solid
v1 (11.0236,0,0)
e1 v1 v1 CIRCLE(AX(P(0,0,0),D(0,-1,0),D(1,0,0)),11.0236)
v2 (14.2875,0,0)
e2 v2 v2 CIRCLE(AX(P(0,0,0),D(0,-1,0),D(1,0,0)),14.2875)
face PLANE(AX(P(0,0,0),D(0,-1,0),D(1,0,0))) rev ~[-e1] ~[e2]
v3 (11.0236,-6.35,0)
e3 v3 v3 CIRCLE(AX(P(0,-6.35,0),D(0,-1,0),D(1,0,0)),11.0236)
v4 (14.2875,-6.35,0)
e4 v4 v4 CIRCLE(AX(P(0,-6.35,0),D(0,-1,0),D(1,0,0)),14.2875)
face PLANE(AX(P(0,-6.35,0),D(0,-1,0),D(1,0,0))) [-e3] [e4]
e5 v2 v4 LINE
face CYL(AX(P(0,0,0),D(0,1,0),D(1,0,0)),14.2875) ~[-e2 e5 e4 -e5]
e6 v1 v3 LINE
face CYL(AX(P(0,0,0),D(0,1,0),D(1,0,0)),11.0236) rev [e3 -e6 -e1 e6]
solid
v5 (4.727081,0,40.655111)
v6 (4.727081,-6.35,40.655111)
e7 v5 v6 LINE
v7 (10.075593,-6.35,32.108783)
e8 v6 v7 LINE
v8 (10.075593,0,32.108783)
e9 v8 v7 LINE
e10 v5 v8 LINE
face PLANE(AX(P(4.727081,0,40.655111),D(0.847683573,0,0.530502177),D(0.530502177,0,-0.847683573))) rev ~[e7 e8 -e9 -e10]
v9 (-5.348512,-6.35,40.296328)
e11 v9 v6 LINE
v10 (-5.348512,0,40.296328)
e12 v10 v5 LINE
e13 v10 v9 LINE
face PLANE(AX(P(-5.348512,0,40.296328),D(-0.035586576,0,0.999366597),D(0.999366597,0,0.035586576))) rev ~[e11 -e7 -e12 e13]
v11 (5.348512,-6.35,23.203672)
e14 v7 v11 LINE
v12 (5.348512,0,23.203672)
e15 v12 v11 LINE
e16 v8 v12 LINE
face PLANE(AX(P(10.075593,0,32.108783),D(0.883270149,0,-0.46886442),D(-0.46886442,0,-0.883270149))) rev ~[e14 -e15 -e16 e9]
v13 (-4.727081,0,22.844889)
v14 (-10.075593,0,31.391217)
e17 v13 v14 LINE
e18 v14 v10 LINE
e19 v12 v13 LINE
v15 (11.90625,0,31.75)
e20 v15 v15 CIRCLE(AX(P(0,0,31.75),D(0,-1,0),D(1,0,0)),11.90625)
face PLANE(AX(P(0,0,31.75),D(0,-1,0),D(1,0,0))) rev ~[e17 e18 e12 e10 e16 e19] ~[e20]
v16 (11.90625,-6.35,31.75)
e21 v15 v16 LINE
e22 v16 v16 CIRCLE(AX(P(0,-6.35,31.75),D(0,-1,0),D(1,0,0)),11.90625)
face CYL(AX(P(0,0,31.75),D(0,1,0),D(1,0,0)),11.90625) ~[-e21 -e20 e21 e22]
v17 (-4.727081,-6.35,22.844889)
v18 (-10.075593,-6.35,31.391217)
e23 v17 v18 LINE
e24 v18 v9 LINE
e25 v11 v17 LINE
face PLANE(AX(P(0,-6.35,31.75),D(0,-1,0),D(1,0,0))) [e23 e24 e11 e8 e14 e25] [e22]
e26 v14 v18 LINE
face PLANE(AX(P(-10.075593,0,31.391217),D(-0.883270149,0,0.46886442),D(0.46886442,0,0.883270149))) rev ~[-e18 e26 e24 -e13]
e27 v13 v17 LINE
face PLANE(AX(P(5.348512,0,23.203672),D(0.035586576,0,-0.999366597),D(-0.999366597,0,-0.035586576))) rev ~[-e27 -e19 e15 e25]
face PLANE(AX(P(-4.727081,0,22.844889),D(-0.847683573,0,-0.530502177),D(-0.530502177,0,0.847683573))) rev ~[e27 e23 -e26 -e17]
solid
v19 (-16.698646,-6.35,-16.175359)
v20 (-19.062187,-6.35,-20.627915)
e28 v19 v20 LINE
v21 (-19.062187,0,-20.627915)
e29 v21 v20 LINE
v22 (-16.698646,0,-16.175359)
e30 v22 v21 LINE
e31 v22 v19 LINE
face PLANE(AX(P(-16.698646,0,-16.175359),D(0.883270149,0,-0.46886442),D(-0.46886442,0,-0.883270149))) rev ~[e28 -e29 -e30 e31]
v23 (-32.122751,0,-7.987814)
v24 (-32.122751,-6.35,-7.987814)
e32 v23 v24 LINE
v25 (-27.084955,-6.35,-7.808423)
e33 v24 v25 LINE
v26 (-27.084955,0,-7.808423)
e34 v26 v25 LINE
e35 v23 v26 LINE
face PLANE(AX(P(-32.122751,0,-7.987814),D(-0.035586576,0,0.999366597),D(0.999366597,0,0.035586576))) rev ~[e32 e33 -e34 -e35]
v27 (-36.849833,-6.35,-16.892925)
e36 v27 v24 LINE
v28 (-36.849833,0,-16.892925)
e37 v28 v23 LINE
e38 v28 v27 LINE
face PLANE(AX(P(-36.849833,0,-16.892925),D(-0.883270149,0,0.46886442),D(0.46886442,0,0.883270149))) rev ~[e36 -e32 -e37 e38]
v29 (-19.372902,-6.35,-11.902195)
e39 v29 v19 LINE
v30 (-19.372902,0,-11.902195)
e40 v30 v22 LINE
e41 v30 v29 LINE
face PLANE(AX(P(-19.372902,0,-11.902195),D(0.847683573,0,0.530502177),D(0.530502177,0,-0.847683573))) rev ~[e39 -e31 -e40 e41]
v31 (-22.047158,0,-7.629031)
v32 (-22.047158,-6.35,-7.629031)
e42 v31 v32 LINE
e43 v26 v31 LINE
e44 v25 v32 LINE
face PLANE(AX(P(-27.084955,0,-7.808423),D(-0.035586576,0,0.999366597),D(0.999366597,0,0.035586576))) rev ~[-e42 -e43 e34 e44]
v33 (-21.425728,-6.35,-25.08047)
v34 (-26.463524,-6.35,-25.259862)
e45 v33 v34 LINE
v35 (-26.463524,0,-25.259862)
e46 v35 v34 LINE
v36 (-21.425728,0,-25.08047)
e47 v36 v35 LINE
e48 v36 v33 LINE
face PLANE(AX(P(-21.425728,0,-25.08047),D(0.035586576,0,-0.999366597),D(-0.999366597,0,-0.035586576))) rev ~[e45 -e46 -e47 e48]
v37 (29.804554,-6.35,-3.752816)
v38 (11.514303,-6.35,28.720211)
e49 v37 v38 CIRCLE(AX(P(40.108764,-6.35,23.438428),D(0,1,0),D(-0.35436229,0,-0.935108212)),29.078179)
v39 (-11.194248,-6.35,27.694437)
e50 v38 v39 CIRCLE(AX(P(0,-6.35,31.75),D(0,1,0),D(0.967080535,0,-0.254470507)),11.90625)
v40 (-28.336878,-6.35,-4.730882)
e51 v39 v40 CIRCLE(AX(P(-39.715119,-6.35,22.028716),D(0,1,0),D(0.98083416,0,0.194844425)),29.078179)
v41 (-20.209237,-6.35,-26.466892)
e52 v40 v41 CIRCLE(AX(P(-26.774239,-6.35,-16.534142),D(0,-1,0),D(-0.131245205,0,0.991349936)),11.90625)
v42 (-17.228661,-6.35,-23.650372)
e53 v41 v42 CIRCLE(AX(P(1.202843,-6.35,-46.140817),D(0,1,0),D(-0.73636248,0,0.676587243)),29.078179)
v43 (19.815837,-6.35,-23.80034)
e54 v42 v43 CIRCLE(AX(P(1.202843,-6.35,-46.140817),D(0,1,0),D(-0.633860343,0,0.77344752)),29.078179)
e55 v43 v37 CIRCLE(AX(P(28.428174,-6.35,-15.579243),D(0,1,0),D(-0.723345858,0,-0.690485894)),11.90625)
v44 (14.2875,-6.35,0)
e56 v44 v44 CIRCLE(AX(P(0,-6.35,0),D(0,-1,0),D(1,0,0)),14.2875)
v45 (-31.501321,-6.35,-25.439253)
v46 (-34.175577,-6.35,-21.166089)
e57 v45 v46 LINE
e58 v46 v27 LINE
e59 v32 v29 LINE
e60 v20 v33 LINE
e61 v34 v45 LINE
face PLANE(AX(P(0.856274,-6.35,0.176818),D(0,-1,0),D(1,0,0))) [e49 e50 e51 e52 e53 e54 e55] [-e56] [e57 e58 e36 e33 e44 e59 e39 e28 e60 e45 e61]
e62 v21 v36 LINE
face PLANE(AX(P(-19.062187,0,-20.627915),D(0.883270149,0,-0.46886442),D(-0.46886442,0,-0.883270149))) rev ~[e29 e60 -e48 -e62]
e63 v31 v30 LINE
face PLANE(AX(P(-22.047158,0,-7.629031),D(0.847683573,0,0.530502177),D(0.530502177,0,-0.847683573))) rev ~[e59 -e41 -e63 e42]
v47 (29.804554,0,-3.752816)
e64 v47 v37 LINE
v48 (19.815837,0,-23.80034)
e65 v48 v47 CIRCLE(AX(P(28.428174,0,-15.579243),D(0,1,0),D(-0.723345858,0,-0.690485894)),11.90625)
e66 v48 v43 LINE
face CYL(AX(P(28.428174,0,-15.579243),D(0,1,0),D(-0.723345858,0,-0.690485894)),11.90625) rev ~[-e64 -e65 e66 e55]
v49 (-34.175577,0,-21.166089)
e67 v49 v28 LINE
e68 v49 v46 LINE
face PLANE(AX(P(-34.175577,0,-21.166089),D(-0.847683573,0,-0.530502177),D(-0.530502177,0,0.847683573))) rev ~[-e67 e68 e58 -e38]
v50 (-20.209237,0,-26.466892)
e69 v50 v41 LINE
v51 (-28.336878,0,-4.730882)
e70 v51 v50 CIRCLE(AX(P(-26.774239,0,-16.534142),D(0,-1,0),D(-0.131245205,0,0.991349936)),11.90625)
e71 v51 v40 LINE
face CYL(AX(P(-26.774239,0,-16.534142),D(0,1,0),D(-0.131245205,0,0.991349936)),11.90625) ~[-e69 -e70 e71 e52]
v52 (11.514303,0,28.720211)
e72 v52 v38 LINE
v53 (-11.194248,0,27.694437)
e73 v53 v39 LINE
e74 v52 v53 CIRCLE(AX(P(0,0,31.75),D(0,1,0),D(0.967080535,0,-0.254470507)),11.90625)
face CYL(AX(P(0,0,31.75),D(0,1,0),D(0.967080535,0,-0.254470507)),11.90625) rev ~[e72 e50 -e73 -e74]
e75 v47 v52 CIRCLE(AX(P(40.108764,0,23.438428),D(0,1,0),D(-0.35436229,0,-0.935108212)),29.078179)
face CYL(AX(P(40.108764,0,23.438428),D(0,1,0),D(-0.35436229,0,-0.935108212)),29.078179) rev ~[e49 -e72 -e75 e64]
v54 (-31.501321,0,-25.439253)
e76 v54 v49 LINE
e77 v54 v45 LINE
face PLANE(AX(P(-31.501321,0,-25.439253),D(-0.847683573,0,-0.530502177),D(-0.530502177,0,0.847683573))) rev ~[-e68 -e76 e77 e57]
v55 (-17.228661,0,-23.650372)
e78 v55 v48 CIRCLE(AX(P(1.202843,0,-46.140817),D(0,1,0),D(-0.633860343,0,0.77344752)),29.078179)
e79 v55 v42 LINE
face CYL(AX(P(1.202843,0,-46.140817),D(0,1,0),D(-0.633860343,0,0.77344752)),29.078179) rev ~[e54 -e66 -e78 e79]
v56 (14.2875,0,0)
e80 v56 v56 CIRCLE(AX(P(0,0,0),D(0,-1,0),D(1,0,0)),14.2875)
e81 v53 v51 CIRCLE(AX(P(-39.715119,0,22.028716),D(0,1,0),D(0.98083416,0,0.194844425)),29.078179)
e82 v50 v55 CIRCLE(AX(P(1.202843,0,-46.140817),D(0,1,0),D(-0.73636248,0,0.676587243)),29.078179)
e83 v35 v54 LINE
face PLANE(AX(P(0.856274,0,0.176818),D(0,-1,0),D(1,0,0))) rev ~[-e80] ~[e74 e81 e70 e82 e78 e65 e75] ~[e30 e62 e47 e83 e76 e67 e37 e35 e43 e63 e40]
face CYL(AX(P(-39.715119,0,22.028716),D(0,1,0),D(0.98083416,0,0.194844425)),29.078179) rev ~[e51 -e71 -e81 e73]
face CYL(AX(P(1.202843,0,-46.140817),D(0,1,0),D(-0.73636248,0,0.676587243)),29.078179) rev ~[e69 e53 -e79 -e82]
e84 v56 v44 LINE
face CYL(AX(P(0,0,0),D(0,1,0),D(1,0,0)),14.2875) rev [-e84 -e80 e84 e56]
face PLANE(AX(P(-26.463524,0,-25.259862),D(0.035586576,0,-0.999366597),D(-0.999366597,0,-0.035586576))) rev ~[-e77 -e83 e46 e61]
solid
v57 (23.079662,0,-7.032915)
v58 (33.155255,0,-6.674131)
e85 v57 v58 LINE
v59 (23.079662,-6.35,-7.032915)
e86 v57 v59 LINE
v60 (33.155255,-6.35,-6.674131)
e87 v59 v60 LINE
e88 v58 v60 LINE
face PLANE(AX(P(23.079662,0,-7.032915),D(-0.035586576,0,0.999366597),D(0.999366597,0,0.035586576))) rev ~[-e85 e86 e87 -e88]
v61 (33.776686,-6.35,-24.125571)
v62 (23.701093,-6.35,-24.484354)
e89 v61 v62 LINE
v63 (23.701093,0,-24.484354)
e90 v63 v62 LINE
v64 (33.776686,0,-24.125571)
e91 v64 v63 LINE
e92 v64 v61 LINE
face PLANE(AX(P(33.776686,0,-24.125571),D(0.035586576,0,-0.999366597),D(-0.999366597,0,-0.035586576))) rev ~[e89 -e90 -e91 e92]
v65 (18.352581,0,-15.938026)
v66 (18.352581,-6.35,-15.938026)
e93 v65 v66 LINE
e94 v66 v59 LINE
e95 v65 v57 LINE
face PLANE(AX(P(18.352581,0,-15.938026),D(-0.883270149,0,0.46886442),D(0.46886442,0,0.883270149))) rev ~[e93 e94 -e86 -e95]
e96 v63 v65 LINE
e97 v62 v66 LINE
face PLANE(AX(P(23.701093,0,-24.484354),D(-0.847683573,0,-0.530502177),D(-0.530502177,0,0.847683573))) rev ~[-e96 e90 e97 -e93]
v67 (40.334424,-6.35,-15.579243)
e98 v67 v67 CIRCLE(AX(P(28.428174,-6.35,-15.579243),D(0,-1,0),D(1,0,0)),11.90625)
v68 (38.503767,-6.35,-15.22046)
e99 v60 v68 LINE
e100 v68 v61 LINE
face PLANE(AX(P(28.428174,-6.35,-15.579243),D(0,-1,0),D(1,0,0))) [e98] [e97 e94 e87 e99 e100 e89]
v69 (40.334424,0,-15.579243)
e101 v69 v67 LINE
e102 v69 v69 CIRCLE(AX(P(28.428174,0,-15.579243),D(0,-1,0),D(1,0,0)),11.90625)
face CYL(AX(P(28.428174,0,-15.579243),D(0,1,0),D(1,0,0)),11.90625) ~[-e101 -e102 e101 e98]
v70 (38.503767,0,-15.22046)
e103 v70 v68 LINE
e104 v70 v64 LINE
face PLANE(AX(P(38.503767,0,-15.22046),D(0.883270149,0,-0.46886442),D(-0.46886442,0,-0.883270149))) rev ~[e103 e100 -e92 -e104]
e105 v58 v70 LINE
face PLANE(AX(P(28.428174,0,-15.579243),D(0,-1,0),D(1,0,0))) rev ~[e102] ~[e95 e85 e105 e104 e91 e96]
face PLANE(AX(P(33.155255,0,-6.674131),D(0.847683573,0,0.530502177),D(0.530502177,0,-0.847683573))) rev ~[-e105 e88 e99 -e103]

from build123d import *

# Parameters (mm, degrees)
F1_R     = 14.2875
F2_DEPTH = 6.35
F0_R     = 14.2875
F0_R_2   = 11.0236
F0_R_3   = 11.90625


with BuildPart() as f2:
    # F1 (on Front) → F2 (new body)
    with BuildSketch(Plane.XZ):
        with BuildLine():
            ThreePointArc((-28.3368777048, -4.7308819237), (-18.9271499683, -7.579703249), (-14.8679894846, -16.5341421028))
            ThreePointArc((-14.8679894846, -16.5341421028), (-15.4735574781, -20.2829252722), (-17.2286614427, -23.6503720675))
            ThreePointArc((-17.2286614427, -23.6503720675), (1.3205598207, -17.0628768568), (19.8158373016, -23.8003402916))
            ThreePointArc((19.8158373016, -23.8003402916), (17.7714590027, -10.2695141575), (29.8045543603, -3.7528160198))
            ThreePointArc((29.8045543603, -3.7528160198), (14.7729985458, 9.1681983), (11.5143026194, 28.7202105268))
            ThreePointArc((11.5143026194, 28.7202105268), (0.537272208, 19.855878442), (-11.1942484754, 27.6944371372))
            ThreePointArc((-11.1942484754, 27.6944371372), (-14.0084057587, 8.4380816184), (-28.3368777048, -4.7308819237))
        make_face()
        Circle(F1_R, mode=Mode.SUBTRACT)
        with BuildLine():
            ThreePointArc((-17.2286614427, -23.6503720675), (-15.4735574781, -20.2829252722), (-14.8679894846, -16.5341421028))
            ThreePointArc((-14.8679894846, -16.5341421028), (-18.9271499683, -7.579703249), (-28.3368777048, -4.7308819237))
            ThreePointArc((-28.3368777048, -4.7308819237), (-37.9263447141, -20.7041946221), (-20.2092368949, -26.4668924802))
            ThreePointArc((-20.2092368949, -26.4668924802), (-18.7686617016, -25.0060241145), (-17.2286614427, -23.6503720675))
        make_face()
        Polygon((-22.047158212, -7.6290309454), (-19.3729022251, -11.902195068), (-16.6986463625, -16.1753589919), (-19.0621871112, -20.6279147825), (-21.425727635, -25.0804701493), (-26.463524163, -25.2598617036), (-31.5013207572, -25.4392532602), (-34.1755766581, -21.166089275), (-36.8498326067, -16.8929252137), (-34.4862918112, -12.440369335), (-32.1227513342, -7.9878140563), (-27.0849547862, -7.8084225013), align=None, mode=Mode.SUBTRACT)
    extrude(amount=F2_DEPTH)


with BuildPart() as f2b:
    # F0 (on Front) → F2, piece 2 (new body)
    with BuildSketch(Plane.XZ):
        Circle(F0_R)
        Circle(F0_R_2, mode=Mode.SUBTRACT)
    extrude(amount=F2_DEPTH)


with BuildPart() as f2c:
    # F0 (on Front) → F2, piece 3 (new body)
    with BuildSketch(Plane.XZ):
        with Locations((0, 31.75)):
            Circle(F0_R_3)
        Polygon((4.7270812726, 40.6551111574), (10.0755931221, 32.1087831109), (5.3485118496, 23.2036719535), (-4.7270812726, 22.8448888426), (-10.0755931221, 31.3912168891), (-5.3485118496, 40.2963280465), align=None, mode=Mode.SUBTRACT)
    extrude(amount=F2_DEPTH)


with BuildPart() as f2d:
    # F0 (on Front) → F2, piece 4 (new body)
    with BuildSketch(Plane.XZ):
        with Locations((28.4281739187, -15.5792426121)):
            Circle(F0_R_3)
        Polygon((38.5037670408, -15.2204595012), (33.7766857683, -24.1255706586), (23.7010926461, -24.4843537695), (18.3525807966, -15.938025723), (23.0796620691, -7.0329145656), (33.1552551912, -6.6741314547), align=None, mode=Mode.SUBTRACT)
    extrude(amount=F2_DEPTH)


solid = Compound([f2.part, f2b.part, f2c.part, f2d.part])
